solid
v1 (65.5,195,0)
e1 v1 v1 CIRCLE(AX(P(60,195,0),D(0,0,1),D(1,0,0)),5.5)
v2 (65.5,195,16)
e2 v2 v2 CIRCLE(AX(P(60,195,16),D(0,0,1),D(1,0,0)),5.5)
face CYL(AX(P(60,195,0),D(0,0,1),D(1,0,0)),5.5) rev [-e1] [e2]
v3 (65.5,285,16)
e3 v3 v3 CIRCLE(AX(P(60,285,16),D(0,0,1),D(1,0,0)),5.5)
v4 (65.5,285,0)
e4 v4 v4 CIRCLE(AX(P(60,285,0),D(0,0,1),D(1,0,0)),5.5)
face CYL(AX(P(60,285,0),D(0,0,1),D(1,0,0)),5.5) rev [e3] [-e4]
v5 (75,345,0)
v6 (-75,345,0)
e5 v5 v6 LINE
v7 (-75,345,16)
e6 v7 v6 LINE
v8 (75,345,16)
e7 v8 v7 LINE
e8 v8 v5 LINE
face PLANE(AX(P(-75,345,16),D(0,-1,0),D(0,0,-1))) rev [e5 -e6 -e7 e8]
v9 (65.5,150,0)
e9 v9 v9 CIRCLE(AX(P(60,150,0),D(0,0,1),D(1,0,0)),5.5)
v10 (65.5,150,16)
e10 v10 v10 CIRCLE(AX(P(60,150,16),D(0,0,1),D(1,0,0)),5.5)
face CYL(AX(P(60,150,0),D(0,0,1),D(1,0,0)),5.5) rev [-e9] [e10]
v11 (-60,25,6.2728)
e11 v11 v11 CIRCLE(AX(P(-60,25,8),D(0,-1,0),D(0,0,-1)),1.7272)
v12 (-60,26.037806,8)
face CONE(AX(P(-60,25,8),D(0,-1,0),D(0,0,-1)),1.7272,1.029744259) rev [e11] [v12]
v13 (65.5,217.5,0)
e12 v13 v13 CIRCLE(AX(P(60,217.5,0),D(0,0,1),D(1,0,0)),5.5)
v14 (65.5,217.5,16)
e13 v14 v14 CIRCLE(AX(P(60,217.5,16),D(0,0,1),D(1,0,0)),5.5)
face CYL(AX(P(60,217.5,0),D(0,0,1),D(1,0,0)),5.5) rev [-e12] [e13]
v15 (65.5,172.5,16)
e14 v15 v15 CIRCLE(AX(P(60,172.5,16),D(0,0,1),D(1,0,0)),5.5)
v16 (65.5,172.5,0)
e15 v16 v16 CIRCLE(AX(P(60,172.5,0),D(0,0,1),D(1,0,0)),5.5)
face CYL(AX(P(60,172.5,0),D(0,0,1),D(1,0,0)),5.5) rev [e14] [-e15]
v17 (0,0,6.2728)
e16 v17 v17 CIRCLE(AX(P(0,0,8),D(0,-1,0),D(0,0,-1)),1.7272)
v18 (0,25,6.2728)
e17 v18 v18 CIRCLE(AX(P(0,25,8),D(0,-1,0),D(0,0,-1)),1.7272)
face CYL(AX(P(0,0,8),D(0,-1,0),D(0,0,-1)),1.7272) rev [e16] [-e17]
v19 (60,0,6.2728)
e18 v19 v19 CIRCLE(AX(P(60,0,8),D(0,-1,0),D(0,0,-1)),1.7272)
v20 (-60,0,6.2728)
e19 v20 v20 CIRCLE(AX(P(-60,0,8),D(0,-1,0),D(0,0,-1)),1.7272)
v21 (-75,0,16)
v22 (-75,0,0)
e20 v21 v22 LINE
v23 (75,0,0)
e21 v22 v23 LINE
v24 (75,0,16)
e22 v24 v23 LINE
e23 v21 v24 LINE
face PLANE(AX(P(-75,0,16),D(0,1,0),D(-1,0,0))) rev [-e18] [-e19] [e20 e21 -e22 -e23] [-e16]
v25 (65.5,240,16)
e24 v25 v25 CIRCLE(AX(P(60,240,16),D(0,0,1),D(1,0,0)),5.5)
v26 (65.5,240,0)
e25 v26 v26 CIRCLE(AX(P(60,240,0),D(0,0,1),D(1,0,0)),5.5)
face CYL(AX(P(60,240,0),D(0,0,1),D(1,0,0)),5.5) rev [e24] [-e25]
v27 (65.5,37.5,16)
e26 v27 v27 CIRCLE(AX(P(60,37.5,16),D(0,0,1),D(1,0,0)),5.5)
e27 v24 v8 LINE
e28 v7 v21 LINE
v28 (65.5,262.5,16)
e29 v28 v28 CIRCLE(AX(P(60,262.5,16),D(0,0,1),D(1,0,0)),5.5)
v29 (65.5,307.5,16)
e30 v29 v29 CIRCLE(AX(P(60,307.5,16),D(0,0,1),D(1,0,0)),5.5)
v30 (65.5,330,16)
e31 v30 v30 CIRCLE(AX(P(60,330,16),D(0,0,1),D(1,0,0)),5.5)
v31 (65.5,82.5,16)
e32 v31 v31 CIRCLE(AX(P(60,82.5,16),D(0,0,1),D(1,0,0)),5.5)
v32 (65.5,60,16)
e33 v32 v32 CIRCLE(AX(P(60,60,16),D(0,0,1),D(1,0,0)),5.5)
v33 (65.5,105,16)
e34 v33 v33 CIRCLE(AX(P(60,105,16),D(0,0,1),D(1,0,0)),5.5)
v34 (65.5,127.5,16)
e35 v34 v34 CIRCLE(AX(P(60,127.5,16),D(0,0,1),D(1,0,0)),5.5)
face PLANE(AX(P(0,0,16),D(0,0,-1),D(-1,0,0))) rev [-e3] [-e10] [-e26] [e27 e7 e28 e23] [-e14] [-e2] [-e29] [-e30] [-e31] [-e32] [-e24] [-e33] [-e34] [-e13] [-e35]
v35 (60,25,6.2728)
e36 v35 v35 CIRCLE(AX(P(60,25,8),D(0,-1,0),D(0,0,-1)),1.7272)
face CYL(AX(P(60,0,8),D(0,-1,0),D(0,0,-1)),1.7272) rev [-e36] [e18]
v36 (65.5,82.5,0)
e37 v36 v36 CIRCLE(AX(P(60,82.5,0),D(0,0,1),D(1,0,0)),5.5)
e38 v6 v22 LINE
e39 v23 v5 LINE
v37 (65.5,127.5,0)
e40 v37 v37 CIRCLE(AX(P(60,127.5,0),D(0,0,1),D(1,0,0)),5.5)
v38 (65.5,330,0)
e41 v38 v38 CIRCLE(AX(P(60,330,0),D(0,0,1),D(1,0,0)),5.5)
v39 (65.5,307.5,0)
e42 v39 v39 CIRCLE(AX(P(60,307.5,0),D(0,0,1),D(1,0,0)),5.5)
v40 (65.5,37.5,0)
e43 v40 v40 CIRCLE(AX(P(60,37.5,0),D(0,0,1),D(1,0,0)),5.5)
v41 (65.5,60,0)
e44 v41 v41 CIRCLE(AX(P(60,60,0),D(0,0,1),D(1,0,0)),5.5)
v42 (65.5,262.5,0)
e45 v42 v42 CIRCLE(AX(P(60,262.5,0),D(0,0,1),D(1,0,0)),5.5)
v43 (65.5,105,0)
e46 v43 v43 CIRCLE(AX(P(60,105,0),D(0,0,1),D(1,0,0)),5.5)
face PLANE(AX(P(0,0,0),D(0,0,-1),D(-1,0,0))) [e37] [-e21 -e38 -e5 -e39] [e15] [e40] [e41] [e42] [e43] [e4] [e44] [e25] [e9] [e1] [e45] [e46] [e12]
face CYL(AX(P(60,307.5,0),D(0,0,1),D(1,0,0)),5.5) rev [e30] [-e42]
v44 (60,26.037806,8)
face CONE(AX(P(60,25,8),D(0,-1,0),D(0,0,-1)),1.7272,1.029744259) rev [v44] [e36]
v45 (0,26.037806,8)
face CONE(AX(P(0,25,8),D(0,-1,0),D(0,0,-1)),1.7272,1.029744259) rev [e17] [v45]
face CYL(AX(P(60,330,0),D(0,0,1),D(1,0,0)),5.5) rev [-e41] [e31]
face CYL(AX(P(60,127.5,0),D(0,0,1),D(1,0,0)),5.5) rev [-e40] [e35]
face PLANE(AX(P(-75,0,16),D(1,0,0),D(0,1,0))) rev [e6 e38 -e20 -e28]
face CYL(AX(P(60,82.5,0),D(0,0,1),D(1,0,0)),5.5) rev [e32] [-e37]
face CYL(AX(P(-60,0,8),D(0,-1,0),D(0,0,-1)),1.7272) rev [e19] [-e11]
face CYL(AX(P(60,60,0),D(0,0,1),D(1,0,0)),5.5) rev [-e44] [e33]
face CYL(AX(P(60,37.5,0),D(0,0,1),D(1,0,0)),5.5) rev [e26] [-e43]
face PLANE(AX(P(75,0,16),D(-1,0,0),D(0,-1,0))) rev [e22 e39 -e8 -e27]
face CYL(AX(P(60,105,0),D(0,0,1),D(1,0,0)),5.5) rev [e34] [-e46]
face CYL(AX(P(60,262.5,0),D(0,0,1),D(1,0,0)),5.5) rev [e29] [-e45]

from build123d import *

# Parameters (mm, degrees)
SKETCH1_W                 = 150
SKETCH1_H                 = 345
BOSS_EXTRUDE1_DEPTH       = 16
SKETCH2_R                 = 5.5
CUT_EXTRUDE4_DEPTH        = 354.420429517
LPATTERN1_COUNT           = 14
LPATTERN1_PITCH           = 22.5
F_8_36_TAPPED_HOLE1_D     = 3.4544
F_8_36_TAPPED_HOLE1_DEPTH = 25
F_8_36_TAPPED_HOLE1_TIP   = 1.037806461


with BuildPart() as part:
    # Sketch1 → Boss-Extrude1 (new body)
    with BuildSketch(Plane.XY):
        with Locations((0, 172.5)):
            Rectangle(SKETCH1_W, SKETCH1_H)
    extrude(amount=BOSS_EXTRUDE1_DEPTH)

    # Sketch2 → Cut-Extrude4 (cut, through all)
    with BuildSketch(Plane.XY.offset(16)):
        with Locations((60, 37.5)):
            Circle(SKETCH2_R)
    cut_extrude4 = extrude(amount=-CUT_EXTRUDE4_DEPTH, mode=Mode.SUBTRACT)

    # LPattern1: Cut-Extrude4 ×14
    with Locations(*[(0, i * LPATTERN1_PITCH, 0) for i in range(1, LPATTERN1_COUNT)]):
        add(cut_extrude4, mode=Mode.SUBTRACT)

    # #8-36 Tapped Hole1
    with Locations(Plane(origin=(0, 0, 0), x_dir=(-1, 0, 0), z_dir=(0, -1, 0))):
        with Locations((-60, -8), (0, -8), (60, -8)):
            Hole(F_8_36_TAPPED_HOLE1_D / 2, depth=F_8_36_TAPPED_HOLE1_DEPTH)
            with Locations((0, 0, -(F_8_36_TAPPED_HOLE1_DEPTH + F_8_36_TAPPED_HOLE1_TIP / 2))):  # 118° drill point
                Cone(0, F_8_36_TAPPED_HOLE1_D / 2, F_8_36_TAPPED_HOLE1_TIP, mode=Mode.SUBTRACT)


solid = part.part
